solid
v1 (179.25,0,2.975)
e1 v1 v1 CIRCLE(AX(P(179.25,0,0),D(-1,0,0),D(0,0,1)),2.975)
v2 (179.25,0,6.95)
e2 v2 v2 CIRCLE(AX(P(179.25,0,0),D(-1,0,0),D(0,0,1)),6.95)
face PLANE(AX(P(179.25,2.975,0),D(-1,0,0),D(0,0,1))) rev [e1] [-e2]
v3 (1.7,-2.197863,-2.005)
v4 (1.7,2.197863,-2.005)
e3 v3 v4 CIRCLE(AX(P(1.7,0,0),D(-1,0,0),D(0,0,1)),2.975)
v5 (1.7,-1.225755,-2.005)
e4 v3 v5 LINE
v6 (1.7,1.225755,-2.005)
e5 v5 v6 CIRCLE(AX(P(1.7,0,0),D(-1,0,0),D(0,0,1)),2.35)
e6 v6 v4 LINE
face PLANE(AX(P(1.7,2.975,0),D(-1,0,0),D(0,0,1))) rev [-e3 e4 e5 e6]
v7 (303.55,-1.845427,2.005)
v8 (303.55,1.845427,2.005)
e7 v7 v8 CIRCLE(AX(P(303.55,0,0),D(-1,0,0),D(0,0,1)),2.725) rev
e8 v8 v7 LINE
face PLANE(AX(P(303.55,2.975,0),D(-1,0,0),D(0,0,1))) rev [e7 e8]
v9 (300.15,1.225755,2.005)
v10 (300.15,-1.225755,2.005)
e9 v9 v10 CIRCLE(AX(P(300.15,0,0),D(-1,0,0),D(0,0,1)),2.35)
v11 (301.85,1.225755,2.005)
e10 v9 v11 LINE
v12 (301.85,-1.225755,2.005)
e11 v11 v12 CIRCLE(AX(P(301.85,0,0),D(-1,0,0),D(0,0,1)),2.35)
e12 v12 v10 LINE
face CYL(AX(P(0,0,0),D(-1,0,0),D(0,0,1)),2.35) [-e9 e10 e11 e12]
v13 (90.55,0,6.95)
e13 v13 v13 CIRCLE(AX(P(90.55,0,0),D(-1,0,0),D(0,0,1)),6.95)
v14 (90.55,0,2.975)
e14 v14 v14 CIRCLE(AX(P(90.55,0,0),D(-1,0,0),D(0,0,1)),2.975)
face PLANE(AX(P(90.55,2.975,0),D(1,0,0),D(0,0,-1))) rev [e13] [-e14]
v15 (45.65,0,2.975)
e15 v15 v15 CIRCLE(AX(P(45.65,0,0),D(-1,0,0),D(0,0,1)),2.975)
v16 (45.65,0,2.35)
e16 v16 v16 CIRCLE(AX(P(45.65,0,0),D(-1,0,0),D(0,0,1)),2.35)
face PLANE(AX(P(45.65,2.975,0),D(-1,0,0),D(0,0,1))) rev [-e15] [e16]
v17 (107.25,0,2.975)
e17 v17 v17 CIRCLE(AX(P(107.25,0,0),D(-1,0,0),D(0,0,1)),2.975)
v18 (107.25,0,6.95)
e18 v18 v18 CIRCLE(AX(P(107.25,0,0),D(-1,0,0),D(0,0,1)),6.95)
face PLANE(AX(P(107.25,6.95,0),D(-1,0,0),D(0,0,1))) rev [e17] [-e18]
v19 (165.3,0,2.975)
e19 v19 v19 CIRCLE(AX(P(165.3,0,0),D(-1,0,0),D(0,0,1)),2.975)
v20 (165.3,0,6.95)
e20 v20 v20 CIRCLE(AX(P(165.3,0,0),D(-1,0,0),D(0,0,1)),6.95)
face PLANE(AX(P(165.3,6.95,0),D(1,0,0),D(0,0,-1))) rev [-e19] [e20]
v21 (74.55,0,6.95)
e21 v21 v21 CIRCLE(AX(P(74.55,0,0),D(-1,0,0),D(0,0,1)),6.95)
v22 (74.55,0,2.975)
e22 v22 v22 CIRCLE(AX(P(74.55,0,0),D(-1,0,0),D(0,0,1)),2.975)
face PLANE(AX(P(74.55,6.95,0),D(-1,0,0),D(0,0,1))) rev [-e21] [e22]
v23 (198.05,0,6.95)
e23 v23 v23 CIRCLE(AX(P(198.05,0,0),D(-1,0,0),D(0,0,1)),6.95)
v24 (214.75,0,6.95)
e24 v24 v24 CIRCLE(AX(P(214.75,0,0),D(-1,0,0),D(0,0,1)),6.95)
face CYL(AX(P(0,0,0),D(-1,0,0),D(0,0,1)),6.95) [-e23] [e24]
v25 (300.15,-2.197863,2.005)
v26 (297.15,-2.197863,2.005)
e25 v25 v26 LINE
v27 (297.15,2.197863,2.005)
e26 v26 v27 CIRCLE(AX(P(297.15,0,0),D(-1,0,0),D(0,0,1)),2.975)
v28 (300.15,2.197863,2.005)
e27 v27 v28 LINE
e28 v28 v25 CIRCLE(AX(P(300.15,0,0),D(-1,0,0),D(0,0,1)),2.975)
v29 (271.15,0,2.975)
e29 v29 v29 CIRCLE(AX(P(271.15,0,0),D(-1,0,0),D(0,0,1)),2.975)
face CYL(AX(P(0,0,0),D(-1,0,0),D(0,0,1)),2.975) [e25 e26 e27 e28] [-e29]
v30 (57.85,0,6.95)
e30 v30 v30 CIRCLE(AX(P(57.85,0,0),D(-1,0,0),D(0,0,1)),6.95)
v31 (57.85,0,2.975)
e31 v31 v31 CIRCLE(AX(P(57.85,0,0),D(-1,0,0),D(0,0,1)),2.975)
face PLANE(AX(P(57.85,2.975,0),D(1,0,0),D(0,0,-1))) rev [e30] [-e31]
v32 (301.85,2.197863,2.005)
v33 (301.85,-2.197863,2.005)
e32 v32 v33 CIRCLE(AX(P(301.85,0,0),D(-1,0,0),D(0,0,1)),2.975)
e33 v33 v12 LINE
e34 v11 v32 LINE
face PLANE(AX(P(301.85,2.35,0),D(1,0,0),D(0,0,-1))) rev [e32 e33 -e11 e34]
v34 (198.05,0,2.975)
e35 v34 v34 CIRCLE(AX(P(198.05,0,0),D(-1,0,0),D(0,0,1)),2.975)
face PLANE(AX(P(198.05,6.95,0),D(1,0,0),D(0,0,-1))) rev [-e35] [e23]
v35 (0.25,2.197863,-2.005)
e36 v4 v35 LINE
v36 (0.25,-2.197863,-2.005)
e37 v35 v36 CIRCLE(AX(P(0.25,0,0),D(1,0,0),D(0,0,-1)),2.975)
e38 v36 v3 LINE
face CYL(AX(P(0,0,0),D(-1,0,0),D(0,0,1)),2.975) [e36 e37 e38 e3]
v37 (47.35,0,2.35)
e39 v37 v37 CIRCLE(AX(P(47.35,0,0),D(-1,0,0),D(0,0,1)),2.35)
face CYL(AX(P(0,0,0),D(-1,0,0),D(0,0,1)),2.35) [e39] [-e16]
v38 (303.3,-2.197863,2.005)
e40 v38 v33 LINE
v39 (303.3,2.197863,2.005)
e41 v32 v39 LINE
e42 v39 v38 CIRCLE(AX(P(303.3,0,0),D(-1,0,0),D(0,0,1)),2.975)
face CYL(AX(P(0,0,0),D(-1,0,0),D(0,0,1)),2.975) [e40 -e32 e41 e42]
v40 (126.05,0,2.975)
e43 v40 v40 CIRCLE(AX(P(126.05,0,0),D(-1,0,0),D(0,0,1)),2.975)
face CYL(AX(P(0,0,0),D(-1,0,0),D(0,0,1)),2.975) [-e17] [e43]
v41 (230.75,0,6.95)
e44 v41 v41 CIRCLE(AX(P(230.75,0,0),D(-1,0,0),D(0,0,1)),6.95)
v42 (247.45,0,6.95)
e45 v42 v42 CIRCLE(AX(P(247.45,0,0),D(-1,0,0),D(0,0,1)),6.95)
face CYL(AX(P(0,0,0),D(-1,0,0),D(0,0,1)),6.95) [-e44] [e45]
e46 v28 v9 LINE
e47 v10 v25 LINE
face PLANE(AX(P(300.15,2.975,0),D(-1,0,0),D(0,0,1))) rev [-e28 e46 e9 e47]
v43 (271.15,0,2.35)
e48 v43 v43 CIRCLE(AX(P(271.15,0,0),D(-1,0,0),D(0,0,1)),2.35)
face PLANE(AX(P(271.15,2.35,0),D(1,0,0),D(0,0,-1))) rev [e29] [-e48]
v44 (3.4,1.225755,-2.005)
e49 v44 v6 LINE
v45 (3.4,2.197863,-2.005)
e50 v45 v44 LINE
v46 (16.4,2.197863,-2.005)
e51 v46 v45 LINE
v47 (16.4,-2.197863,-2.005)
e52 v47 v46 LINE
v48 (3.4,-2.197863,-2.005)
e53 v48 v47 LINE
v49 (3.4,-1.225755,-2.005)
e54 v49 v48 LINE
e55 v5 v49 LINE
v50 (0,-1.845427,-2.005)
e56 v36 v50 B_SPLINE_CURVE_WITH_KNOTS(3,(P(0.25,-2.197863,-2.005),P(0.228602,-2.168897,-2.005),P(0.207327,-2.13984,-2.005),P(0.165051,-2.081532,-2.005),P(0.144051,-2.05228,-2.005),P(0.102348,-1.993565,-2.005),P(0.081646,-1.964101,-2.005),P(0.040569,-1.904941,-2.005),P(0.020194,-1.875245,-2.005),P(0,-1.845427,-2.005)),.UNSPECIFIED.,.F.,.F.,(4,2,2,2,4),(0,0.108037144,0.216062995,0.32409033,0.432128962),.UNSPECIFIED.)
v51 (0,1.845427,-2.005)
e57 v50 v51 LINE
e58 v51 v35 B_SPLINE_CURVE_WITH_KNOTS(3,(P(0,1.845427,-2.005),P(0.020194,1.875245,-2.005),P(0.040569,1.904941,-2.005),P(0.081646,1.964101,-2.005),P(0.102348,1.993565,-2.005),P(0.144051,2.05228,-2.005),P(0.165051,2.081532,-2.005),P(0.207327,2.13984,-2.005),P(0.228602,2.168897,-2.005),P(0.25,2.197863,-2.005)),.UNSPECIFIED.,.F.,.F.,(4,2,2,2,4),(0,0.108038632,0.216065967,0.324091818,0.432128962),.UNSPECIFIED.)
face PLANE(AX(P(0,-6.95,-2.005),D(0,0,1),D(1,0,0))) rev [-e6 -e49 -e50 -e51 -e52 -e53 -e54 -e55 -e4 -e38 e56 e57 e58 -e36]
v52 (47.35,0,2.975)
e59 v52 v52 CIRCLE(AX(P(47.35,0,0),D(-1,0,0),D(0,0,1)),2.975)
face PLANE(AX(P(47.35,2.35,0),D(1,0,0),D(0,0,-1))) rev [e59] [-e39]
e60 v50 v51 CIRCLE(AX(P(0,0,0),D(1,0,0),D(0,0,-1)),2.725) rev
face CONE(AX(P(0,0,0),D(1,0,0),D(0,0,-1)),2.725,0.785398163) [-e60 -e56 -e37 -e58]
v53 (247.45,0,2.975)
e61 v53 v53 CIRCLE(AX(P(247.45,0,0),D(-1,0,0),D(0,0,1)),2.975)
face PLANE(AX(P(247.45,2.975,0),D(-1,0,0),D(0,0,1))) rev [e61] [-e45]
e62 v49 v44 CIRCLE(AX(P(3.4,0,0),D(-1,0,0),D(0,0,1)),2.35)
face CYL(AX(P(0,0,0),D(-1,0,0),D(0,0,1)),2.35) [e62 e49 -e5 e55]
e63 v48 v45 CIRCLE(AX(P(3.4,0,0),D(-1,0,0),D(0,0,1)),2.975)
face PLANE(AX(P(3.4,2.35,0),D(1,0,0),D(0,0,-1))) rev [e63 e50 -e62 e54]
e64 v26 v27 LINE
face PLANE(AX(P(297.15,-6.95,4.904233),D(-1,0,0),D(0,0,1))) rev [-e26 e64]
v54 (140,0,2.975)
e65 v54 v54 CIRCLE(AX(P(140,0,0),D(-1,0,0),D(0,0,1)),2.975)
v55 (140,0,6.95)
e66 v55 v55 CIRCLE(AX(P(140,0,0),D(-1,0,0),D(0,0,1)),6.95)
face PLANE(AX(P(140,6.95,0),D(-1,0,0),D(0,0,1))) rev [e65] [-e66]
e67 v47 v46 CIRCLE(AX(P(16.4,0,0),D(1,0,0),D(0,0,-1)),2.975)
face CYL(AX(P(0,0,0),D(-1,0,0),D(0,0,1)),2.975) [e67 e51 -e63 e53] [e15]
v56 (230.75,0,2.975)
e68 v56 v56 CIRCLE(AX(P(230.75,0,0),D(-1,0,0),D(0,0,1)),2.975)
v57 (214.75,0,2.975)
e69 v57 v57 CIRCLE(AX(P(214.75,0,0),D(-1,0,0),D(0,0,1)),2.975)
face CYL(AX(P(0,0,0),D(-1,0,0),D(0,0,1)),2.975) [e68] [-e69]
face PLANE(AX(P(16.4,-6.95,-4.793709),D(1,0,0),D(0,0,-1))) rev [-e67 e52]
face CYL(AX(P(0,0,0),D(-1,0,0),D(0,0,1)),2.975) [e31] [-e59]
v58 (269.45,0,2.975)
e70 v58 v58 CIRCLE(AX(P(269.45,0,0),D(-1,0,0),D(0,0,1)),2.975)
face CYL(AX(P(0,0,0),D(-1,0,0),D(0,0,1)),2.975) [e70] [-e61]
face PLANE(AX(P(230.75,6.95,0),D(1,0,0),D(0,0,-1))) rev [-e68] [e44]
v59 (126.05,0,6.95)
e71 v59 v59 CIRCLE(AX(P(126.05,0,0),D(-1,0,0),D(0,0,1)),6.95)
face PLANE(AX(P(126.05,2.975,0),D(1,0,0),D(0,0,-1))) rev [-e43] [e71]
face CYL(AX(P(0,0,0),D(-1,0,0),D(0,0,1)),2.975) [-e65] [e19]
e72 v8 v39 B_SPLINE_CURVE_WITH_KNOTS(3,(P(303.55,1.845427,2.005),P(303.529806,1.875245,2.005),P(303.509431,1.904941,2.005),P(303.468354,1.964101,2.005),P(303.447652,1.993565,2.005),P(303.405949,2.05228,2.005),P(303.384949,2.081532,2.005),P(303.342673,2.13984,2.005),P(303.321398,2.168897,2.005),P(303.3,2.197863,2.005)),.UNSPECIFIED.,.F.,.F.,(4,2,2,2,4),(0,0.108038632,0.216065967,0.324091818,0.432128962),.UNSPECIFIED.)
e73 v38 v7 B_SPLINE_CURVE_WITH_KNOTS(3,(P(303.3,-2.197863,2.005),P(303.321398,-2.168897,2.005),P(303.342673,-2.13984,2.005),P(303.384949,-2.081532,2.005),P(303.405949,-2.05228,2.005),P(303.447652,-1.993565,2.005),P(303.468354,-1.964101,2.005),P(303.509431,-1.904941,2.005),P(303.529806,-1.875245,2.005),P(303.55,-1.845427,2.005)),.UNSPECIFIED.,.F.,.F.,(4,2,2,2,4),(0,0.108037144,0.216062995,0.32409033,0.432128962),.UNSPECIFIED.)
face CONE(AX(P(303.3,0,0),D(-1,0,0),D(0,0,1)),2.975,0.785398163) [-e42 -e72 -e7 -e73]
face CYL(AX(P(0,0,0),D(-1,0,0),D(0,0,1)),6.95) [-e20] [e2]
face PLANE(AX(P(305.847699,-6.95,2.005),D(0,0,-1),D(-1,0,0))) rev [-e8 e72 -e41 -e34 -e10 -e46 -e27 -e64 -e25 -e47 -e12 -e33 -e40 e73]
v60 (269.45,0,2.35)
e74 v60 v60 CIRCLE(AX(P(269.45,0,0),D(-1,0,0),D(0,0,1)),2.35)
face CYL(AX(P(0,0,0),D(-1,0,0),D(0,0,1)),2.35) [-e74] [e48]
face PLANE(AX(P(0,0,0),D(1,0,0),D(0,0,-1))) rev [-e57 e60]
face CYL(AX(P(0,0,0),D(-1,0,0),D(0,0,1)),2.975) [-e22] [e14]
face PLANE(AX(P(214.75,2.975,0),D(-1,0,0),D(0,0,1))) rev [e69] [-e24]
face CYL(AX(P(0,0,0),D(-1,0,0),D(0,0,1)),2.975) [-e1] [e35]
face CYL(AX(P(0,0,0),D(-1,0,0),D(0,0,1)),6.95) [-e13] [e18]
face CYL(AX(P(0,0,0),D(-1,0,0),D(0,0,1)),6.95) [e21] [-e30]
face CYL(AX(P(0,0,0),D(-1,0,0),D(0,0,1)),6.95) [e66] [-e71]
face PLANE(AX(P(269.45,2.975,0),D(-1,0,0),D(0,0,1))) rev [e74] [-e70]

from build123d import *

# Parameters (mm, degrees)
ESQUISSE2_W                  = 16.4
ESQUISSE2_H                  = 2.788709481
ESQUISSE2_W_2                = 8.697698695
ESQUISSE2_H_2                = 2.899232898
ENL_V_MAT_EXTRU_1_DEPTH      = 7.95
ENL_V_MAT_EXTRU_1_DEPTH_BACK = 7.95
CHANFREIN1_SIZE              = 0.25


with BuildPart() as part:
    # Esquisse1 → Révolution1 (revolve)
    with BuildSketch(Plane.XY):
        Polygon((0, 0), (0, 2.975), (1.7, 2.975), (1.7, 2.35), (3.4, 2.35), (3.4, 2.975), (45.65, 2.975), (45.65, 2.35), (47.35, 2.35), (47.35, 2.975), (57.85, 2.975), (57.85, 6.95), (74.55, 6.95), (74.55, 2.975), (90.55, 2.975), (90.55, 6.95), (107.25, 6.95), (107.25, 2.975), (126.05, 2.975), (126.05, 6.95), (140, 6.95), (140, 2.975), (165.3, 2.975), (165.3, 6.95), (179.25, 6.95), (179.25, 2.975), (198.05, 2.975), (198.05, 6.95), (214.75, 6.95), (214.75, 2.975), (230.75, 2.975), (230.75, 6.95), (247.45, 6.95), (247.45, 2.975), (269.45, 2.975), (269.45, 2.35), (271.15, 2.35), (271.15, 2.975), (300.15, 2.975), (300.15, 2.35), (301.85, 2.35), (301.85, 2.975), (303.55, 2.975), (303.55, 0), align=None)
    revolve(axis=Axis((0, 0, 0), (1, 0, 0)))

    # Esquisse2 → Enlèv. mat.-Extru.1 (cut, two sides)
    with BuildSketch(Plane(origin=(0, 0, 0), x_dir=(1, 0, 0), z_dir=(0, 1, 0))) as enl_v_mat_extru_1_sk:
        with Locations((8.2, 3.399354741)):
            Rectangle(ESQUISSE2_W, ESQUISSE2_H)
        with Locations((301.498849348, -3.454616449)):
            Rectangle(ESQUISSE2_W_2, ESQUISSE2_H_2)
    extrude(amount=ENL_V_MAT_EXTRU_1_DEPTH, mode=Mode.SUBTRACT)
    extrude(enl_v_mat_extru_1_sk.sketch, amount=-ENL_V_MAT_EXTRU_1_DEPTH_BACK, mode=Mode.SUBTRACT)

    # Chanfrein1
    chanfrein1_edges = [part.edges().sort_by_distance(p)[0] for p in [
        (0, 0, 2.975),
        (303.55, 0, -2.975),
    ]]
    chamfer(chanfrein1_edges, length=CHANFREIN1_SIZE)


solid = part.part
